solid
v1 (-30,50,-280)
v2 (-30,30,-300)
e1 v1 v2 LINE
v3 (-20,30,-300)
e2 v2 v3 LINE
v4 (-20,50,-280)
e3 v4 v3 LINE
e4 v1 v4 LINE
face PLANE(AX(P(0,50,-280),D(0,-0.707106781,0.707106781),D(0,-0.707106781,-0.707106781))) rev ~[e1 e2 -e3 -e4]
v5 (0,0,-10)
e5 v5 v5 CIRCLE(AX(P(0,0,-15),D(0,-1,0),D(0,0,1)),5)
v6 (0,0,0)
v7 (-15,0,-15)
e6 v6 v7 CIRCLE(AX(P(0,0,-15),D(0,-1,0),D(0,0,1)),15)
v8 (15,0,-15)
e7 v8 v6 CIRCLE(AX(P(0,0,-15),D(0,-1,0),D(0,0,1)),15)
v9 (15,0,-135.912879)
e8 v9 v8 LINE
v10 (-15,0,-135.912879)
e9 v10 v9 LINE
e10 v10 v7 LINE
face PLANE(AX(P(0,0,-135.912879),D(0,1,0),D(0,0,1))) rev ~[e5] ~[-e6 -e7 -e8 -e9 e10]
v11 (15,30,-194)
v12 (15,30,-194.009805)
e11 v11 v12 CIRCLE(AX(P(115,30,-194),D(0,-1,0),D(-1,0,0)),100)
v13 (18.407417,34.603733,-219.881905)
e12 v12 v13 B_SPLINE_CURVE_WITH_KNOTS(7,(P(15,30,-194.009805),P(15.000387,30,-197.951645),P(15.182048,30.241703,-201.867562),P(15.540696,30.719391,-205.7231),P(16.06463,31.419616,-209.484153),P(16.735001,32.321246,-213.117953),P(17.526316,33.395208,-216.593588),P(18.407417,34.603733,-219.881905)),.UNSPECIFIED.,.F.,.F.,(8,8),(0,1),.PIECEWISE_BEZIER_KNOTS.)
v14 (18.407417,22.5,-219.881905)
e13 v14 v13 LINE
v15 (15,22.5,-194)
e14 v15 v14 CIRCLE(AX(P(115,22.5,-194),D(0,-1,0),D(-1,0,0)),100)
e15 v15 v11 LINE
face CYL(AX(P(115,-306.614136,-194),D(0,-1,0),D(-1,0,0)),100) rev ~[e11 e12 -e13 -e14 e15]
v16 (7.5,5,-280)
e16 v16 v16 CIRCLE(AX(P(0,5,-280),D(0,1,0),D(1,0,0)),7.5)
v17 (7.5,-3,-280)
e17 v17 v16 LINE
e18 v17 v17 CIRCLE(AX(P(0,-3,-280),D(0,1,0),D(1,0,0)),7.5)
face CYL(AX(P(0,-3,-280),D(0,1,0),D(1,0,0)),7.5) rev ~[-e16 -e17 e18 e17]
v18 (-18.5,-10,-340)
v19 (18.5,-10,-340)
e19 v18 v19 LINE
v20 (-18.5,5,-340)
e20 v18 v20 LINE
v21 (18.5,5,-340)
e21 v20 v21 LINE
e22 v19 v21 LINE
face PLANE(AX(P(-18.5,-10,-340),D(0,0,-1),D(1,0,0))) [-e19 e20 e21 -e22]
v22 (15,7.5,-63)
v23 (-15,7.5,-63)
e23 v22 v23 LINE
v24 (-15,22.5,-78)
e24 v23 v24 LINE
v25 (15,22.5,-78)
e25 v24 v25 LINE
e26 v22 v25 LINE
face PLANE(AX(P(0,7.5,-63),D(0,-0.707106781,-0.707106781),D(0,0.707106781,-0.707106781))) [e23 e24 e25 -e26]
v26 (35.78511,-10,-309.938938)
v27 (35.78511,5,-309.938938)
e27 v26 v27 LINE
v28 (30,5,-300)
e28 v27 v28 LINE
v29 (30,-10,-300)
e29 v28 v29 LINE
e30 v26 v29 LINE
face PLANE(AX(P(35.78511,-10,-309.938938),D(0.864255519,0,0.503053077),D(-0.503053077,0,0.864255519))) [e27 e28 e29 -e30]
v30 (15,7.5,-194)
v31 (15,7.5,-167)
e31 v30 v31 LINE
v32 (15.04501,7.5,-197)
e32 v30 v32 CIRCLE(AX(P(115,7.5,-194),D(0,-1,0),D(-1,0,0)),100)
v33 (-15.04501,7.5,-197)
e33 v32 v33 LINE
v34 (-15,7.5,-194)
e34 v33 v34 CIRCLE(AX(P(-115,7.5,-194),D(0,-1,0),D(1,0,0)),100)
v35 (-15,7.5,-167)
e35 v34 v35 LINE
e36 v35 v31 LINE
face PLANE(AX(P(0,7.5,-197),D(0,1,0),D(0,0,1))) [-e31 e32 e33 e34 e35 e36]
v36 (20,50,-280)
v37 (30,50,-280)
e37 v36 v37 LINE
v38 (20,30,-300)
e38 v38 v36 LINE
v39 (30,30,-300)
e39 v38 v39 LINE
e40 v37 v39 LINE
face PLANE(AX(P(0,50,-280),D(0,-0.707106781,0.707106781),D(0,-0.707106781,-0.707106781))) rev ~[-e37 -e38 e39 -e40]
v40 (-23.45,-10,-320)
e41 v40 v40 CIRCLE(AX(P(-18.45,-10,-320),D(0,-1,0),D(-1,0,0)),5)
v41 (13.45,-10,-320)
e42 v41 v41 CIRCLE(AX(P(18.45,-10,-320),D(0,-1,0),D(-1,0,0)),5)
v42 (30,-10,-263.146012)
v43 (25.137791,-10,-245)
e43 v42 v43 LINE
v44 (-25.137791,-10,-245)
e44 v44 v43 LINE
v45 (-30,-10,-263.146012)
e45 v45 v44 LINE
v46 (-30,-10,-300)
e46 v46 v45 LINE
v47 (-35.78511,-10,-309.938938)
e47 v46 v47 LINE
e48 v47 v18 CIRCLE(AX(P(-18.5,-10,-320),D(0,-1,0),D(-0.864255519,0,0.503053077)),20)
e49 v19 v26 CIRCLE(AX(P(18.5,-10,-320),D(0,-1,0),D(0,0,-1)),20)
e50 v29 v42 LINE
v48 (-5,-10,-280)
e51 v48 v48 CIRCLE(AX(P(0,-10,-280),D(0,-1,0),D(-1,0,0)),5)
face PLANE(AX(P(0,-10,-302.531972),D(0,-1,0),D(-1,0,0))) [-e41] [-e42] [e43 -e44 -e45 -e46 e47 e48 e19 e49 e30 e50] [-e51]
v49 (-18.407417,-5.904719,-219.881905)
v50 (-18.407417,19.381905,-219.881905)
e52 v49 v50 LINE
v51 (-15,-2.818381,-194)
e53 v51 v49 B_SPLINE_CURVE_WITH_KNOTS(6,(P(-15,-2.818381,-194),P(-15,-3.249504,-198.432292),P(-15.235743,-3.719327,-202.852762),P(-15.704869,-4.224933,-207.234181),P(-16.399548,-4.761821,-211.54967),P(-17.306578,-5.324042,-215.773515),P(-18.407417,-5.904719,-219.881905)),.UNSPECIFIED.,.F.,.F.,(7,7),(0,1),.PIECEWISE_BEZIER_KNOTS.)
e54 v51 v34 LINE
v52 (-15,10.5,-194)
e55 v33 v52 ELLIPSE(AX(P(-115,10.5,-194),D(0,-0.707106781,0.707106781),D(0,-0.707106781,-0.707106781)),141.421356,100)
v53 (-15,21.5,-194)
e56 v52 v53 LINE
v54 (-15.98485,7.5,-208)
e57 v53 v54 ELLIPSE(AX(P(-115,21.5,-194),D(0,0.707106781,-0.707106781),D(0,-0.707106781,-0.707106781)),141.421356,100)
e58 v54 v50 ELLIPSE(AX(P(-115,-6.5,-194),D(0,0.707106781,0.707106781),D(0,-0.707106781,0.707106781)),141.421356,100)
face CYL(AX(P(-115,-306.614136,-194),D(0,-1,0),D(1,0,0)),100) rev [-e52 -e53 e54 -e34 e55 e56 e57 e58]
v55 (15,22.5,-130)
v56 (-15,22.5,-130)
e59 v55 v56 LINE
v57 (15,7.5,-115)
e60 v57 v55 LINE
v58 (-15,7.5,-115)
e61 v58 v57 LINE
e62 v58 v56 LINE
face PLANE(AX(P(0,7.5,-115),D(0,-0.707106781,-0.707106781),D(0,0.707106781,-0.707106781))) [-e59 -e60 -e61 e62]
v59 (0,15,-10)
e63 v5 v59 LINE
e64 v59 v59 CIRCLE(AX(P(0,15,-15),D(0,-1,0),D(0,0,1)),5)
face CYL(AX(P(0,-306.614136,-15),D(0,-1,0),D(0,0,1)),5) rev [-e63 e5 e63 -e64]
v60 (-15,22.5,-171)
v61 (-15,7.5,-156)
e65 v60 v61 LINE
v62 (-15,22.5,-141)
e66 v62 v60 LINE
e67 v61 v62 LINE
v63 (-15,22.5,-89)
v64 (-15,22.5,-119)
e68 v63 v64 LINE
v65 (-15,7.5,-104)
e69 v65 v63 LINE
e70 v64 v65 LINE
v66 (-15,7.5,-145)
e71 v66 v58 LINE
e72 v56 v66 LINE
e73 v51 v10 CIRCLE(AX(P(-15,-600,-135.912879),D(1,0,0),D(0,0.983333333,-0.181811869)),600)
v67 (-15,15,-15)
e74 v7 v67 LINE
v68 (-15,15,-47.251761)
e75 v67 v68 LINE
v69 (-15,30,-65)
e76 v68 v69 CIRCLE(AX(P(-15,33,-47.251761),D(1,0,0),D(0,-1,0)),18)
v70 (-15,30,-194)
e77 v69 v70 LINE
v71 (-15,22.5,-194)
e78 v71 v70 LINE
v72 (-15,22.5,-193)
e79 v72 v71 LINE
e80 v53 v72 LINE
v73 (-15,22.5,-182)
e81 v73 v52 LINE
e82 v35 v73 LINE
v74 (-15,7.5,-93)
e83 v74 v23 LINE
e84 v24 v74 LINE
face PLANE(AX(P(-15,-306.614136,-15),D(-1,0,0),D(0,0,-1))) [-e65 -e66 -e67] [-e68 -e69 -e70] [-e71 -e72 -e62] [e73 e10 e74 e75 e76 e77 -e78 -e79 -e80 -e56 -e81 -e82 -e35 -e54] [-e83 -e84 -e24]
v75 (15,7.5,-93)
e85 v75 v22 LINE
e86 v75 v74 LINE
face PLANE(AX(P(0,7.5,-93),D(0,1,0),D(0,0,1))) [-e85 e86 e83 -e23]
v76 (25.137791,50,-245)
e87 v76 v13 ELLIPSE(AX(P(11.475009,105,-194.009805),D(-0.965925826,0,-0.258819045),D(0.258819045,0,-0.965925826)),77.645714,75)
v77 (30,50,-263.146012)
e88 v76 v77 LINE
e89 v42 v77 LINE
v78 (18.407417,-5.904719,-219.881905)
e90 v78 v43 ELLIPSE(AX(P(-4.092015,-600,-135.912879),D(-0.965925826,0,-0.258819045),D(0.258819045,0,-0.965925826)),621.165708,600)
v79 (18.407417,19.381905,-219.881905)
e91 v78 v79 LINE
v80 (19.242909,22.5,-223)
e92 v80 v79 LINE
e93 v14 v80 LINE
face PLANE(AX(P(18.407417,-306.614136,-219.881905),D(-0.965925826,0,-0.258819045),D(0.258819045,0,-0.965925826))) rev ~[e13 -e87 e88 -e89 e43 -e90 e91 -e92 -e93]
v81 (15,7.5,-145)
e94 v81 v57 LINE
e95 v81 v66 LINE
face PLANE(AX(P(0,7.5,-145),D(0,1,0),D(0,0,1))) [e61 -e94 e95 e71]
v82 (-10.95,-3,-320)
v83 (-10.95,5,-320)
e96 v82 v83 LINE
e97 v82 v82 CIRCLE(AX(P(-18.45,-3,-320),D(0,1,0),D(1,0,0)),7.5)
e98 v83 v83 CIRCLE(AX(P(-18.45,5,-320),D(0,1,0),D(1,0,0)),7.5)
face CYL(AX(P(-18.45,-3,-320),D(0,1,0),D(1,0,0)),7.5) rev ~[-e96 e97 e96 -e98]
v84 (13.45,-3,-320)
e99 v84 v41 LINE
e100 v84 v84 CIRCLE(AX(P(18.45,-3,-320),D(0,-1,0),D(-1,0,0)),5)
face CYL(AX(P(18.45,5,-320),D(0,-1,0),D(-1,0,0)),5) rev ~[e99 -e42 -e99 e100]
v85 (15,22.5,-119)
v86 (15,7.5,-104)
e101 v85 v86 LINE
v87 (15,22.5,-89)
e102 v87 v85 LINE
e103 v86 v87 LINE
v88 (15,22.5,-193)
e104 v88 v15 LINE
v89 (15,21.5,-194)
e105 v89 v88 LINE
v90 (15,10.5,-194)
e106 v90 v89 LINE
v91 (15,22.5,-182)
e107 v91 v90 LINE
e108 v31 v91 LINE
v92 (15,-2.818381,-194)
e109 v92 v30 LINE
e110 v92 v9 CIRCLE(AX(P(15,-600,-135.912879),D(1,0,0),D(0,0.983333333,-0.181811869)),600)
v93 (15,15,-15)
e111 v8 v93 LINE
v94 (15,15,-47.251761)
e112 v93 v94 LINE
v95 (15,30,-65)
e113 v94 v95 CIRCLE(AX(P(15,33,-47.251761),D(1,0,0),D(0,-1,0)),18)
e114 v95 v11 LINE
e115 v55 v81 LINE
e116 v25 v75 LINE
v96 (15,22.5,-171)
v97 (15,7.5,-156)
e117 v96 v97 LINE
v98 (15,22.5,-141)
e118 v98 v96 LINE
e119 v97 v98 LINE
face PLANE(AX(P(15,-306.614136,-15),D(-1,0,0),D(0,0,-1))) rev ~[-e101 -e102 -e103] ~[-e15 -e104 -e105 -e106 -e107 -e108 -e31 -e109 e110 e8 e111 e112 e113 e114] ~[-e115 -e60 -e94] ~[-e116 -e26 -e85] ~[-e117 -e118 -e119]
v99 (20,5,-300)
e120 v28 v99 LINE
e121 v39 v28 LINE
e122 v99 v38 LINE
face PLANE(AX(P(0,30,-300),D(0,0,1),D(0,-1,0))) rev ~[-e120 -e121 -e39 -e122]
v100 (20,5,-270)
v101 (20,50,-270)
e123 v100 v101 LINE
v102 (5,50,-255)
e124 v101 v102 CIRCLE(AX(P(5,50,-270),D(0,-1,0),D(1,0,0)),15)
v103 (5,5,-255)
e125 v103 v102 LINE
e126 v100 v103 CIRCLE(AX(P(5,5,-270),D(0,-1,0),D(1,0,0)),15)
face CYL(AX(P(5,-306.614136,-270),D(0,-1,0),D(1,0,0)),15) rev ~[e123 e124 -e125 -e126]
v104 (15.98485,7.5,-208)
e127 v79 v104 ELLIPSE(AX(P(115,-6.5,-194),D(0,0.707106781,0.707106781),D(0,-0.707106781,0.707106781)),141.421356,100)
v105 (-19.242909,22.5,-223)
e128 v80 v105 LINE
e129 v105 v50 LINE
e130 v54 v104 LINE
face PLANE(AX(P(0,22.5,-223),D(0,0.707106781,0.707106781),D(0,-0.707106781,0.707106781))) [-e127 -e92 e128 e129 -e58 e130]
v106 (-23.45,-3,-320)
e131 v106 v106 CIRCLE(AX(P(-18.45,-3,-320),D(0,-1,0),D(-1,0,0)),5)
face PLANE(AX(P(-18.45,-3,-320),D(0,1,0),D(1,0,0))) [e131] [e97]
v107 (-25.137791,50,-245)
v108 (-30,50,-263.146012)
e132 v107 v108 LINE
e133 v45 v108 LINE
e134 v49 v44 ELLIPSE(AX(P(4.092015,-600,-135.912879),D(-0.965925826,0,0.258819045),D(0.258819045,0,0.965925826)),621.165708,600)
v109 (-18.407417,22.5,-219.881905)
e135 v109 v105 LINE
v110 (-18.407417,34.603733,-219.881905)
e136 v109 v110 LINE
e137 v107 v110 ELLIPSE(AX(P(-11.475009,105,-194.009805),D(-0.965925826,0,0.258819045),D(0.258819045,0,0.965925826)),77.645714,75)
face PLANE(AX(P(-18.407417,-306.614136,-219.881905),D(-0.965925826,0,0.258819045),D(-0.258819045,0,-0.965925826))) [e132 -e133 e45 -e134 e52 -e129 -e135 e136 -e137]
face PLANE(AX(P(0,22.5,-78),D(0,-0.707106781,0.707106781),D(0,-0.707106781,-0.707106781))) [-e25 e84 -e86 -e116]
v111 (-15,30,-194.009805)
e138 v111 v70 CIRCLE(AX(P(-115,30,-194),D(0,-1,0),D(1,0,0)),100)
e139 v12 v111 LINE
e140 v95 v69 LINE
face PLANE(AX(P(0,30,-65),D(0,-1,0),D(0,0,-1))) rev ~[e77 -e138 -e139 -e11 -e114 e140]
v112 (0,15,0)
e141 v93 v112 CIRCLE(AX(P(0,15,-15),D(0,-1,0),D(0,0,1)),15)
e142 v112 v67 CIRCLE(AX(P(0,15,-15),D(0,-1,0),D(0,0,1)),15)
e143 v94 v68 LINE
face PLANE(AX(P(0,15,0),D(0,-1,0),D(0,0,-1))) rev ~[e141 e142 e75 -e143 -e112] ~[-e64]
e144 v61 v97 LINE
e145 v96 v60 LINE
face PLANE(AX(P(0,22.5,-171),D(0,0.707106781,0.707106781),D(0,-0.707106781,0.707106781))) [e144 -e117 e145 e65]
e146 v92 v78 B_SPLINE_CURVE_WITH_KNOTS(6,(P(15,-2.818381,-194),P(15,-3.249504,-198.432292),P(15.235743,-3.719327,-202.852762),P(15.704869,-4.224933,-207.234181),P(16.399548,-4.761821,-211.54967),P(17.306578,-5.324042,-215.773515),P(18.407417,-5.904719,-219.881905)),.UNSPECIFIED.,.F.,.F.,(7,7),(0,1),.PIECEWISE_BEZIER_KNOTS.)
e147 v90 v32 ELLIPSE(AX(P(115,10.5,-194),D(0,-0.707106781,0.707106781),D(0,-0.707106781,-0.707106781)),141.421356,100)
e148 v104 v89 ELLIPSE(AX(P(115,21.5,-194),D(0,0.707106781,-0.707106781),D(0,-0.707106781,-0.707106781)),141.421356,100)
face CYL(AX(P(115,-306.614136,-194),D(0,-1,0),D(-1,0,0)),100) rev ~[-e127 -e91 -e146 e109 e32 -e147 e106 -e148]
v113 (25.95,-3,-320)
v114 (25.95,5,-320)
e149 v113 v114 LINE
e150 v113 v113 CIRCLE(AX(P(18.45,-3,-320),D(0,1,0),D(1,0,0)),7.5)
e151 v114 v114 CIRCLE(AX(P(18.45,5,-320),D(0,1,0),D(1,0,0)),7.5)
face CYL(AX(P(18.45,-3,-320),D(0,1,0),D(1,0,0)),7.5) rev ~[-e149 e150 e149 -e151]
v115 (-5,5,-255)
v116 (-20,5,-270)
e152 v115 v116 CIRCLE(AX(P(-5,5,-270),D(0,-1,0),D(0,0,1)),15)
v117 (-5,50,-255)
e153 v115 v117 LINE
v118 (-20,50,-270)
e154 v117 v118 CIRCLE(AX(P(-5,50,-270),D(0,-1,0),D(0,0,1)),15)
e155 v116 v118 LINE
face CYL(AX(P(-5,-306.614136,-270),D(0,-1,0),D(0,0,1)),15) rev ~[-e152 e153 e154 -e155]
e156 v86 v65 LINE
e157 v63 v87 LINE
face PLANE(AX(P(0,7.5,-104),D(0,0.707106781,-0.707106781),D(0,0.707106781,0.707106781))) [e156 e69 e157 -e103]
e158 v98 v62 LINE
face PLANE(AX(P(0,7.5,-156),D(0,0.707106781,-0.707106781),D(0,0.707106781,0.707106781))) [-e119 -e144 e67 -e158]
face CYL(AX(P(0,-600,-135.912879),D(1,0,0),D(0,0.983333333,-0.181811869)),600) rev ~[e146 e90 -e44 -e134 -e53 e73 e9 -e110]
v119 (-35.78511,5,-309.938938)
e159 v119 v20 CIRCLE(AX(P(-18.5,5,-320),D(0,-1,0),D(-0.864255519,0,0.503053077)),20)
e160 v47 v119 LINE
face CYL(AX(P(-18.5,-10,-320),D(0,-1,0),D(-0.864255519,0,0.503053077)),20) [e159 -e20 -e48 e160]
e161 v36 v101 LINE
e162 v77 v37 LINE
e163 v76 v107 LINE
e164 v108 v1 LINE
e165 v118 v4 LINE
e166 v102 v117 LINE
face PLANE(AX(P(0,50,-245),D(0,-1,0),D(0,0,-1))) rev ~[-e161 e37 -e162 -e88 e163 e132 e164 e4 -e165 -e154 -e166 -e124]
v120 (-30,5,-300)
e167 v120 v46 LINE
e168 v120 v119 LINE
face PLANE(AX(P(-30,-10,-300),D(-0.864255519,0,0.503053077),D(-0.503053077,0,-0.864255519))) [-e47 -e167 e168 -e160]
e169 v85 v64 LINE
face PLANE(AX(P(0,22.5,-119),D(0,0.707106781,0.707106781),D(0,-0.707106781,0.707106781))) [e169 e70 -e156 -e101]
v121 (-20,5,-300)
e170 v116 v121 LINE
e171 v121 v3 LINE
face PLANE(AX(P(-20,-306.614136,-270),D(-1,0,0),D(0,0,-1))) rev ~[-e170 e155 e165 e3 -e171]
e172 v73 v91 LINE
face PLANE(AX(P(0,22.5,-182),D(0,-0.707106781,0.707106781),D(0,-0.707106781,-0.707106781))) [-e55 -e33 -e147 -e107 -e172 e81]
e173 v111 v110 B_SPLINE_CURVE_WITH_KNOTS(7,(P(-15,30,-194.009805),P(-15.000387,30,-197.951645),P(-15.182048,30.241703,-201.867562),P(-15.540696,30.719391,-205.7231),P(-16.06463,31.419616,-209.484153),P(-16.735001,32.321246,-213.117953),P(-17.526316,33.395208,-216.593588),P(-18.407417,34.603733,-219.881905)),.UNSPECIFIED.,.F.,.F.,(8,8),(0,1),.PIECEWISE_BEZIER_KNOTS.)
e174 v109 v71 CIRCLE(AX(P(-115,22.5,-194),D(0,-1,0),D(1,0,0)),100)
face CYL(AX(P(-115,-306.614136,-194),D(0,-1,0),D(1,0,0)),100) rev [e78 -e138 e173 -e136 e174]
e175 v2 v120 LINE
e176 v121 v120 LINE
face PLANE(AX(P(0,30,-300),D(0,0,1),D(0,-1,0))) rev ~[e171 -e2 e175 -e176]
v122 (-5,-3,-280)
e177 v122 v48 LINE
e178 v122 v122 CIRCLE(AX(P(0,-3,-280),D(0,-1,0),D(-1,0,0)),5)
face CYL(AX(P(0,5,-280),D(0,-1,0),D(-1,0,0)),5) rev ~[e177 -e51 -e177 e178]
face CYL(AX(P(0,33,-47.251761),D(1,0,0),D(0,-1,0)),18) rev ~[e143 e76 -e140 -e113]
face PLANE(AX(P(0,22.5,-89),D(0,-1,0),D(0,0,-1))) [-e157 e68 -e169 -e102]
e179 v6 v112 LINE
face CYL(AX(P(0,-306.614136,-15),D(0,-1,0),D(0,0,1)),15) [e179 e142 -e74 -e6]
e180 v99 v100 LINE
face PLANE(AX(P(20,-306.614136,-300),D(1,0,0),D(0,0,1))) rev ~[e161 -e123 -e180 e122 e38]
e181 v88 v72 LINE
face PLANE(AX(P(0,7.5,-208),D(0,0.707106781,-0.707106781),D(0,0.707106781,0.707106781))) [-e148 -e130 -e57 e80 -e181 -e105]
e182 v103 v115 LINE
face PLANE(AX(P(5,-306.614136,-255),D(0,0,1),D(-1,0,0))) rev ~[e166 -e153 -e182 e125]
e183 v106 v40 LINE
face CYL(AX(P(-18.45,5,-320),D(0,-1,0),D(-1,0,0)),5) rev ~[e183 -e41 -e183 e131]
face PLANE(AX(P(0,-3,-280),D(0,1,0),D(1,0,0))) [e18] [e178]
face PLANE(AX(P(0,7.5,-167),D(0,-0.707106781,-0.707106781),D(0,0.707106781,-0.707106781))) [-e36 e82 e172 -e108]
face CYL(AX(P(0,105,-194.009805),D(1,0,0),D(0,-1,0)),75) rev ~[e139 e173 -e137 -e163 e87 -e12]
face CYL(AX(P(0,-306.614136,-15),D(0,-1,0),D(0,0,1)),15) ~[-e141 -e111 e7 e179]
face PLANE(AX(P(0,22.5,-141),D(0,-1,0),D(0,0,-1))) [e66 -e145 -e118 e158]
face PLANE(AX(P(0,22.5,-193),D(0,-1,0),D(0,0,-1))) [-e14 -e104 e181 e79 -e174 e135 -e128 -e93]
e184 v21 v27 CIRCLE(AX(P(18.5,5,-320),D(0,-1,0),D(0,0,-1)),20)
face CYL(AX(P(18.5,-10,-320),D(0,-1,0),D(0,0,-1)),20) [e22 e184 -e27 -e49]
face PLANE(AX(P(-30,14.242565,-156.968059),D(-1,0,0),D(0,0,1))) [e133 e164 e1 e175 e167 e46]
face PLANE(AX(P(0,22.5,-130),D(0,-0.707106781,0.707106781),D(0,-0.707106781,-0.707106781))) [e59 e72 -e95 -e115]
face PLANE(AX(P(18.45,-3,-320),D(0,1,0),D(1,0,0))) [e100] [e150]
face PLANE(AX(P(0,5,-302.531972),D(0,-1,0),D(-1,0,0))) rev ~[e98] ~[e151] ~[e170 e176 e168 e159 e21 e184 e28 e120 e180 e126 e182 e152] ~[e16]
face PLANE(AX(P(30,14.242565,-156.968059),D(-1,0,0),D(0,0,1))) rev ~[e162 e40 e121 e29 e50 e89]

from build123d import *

# Parameters (mm, degrees)
BOSS_EXTRUDE1_DEPTH                      = 30
CUT_EXTRUDE1_DEPTH                       = 306.614135799
CUT_EXTRUDE1_DEPTH_BACK                  = 306.614135799
SKETCH2_R                                = 5
BOSS_EXTRUDE2_START                      = -10
BOSS_EXTRUDE2_DEPTH                      = 15
CBORE_FOR_M10_HEX_HEAD_BOLT1_D           = 10
CBORE_FOR_M10_HEX_HEAD_BOLT1_CBORE_D     = 15
CBORE_FOR_M10_HEX_HEAD_BOLT1_CBORE_DEPTH = 8


with BuildPart() as part:
    # Sketch1 → Boss-Extrude1 (new, symmetric)
    with BuildSketch(Plane(origin=(0, 0, 0), x_dir=(0, 0, -1), z_dir=(1, 0, 0))):
        with BuildLine():
            Line((0, 0), (0, 15))
            Line((0, 15), (47.251760651, 15))
            ThreePointArc((47.251760651, 15), (58.870710689, 19.252272915), (65, 30))
            Line((65, 30), (194.009804864, 30))
            ThreePointArc((194.009804864, 30), (221.395932739, 35.178799781), (245, 50))
            Line((245, 50), (280, 50))
            Line((280, 50), (300, 30))
            Line((300, 30), (300, -10))
            Line((300, -10), (245, -10))
            ThreePointArc((245, -10), (190.685134604, -2.505230148), (135.912878854, 0))
            Line((135.912878854, 0), (0, 0))
        make_face()
        Polygon((63, 7.5), (78, 22.5), (93, 7.5), align=None, mode=Mode.SUBTRACT)
        Polygon((104, 7.5), (89, 22.5), (119, 22.5), align=None, mode=Mode.SUBTRACT)
        Polygon((171, 22.5), (156, 7.5), (141, 22.5), align=None, mode=Mode.SUBTRACT)
        Polygon((145, 7.5), (115, 7.5), (130, 22.5), align=None, mode=Mode.SUBTRACT)
        Polygon((223, 22.5), (208, 7.5), (193, 22.5), align=None, mode=Mode.SUBTRACT)
        Polygon((197, 7.5), (167, 7.5), (182, 22.5), align=None, mode=Mode.SUBTRACT)
    extrude(amount=BOSS_EXTRUDE1_DEPTH, both=True)

    # Sketch2 → Cut-Extrude1 (cut, two sides: drawn at the far end of the back side and taken through both)
    with BuildSketch(Plane(origin=(0, 0, 0), x_dir=(1, 0, 0), z_dir=(0, 1, 0)).offset(-CUT_EXTRUDE1_DEPTH_BACK)):
        with BuildLine():
            ThreePointArc((15, 194), (15.855513863, 207.052619222), (18.407417371, 219.88190451))
            Line((18.407417371, 219.88190451), (30, 263.146011872))
            Line((30, 263.146011872), (30, 300))
            Line((30, 300), (100, 300))
            Line((100, 300), (100, 0))
            Line((100, 0), (0, 0))
            ThreePointArc((0, 0), (10.606601718, 4.393398282), (15, 15))
            Line((15, 15), (15, 194))
        make_face()
        with BuildLine():
            Line((-15, 15), (-15, 194))
            ThreePointArc((-15, 194), (-15.855513863, 207.052619222), (-18.407417371, 219.88190451))
            Line((-18.407417371, 219.88190451), (-30, 263.146011872))
            Line((-30, 263.146011872), (-30, 300))
            Line((-30, 300), (-100, 300))
            Line((-100, 300), (-100, 0))
            Line((-100, 0), (0, 0))
            ThreePointArc((0, 0), (-10.606601718, 4.393398282), (-15, 15))
        make_face()
        with BuildLine():
            Line((-20, 300), (20, 300))
            Line((20, 300), (20, 270))
            ThreePointArc((20, 270), (15.606601718, 259.393398282), (5, 255))
            Line((5, 255), (0, 255))
            Line((0, 255), (-5, 255))
            ThreePointArc((-5, 255), (-15.606601718, 259.393398282), (-20, 270))
            Line((-20, 270), (-20, 300))
        make_face()
        with Locations(Location((0, 15, 0), (0, 0, 270))):
            Circle(SKETCH2_R)
    extrude(amount=CUT_EXTRUDE1_DEPTH + CUT_EXTRUDE1_DEPTH_BACK, mode=Mode.SUBTRACT)

    # Sketch3 → Boss-Extrude2 (add)
    with BuildSketch(Plane(origin=(0, 0, 0), x_dir=(1, 0, 0), z_dir=(0, 1, 0)).offset(BOSS_EXTRUDE2_START)):
        with BuildLine():
            Line((-20, 270), (-20, 280))
            Line((-20, 280), (-20, 300))
            Line((-20, 300), (-30, 300))
            Line((-30, 300), (-35.78511038, 309.938938469))
            ThreePointArc((-35.78511038, 309.938938469), (-35.838126061, 329.969422485), (-18.5, 340))
            Line((-18.5, 340), (0, 340))
            Line((0, 340), (18.5, 340))
            ThreePointArc((18.5, 340), (35.838126061, 329.969422485), (35.78511038, 309.938938469))
            Line((35.78511038, 309.938938469), (30, 300))
            Line((30, 300), (20, 300))
            Line((20, 300), (20, 280))
            Line((20, 280), (20, 270))
            ThreePointArc((20, 270), (15.606601718, 259.393398282), (5, 255))
            Line((5, 255), (-5, 255))
            ThreePointArc((-5, 255), (-15.606601718, 259.393398282), (-20, 270))
        make_face()
    extrude(amount=BOSS_EXTRUDE2_DEPTH)

    # CBORE for M10 Hex Head Bolt1 (through all)
    with Locations(Plane(origin=(0, 5, 0), x_dir=(1, 0, 0), z_dir=(0, 1, 0))):
        with Locations((0, 280), (-18.45, 320), (18.45, 320)):
            CounterBoreHole(CBORE_FOR_M10_HEX_HEAD_BOLT1_D / 2, CBORE_FOR_M10_HEX_HEAD_BOLT1_CBORE_D / 2, CBORE_FOR_M10_HEX_HEAD_BOLT1_CBORE_DEPTH)


solid = part.part
